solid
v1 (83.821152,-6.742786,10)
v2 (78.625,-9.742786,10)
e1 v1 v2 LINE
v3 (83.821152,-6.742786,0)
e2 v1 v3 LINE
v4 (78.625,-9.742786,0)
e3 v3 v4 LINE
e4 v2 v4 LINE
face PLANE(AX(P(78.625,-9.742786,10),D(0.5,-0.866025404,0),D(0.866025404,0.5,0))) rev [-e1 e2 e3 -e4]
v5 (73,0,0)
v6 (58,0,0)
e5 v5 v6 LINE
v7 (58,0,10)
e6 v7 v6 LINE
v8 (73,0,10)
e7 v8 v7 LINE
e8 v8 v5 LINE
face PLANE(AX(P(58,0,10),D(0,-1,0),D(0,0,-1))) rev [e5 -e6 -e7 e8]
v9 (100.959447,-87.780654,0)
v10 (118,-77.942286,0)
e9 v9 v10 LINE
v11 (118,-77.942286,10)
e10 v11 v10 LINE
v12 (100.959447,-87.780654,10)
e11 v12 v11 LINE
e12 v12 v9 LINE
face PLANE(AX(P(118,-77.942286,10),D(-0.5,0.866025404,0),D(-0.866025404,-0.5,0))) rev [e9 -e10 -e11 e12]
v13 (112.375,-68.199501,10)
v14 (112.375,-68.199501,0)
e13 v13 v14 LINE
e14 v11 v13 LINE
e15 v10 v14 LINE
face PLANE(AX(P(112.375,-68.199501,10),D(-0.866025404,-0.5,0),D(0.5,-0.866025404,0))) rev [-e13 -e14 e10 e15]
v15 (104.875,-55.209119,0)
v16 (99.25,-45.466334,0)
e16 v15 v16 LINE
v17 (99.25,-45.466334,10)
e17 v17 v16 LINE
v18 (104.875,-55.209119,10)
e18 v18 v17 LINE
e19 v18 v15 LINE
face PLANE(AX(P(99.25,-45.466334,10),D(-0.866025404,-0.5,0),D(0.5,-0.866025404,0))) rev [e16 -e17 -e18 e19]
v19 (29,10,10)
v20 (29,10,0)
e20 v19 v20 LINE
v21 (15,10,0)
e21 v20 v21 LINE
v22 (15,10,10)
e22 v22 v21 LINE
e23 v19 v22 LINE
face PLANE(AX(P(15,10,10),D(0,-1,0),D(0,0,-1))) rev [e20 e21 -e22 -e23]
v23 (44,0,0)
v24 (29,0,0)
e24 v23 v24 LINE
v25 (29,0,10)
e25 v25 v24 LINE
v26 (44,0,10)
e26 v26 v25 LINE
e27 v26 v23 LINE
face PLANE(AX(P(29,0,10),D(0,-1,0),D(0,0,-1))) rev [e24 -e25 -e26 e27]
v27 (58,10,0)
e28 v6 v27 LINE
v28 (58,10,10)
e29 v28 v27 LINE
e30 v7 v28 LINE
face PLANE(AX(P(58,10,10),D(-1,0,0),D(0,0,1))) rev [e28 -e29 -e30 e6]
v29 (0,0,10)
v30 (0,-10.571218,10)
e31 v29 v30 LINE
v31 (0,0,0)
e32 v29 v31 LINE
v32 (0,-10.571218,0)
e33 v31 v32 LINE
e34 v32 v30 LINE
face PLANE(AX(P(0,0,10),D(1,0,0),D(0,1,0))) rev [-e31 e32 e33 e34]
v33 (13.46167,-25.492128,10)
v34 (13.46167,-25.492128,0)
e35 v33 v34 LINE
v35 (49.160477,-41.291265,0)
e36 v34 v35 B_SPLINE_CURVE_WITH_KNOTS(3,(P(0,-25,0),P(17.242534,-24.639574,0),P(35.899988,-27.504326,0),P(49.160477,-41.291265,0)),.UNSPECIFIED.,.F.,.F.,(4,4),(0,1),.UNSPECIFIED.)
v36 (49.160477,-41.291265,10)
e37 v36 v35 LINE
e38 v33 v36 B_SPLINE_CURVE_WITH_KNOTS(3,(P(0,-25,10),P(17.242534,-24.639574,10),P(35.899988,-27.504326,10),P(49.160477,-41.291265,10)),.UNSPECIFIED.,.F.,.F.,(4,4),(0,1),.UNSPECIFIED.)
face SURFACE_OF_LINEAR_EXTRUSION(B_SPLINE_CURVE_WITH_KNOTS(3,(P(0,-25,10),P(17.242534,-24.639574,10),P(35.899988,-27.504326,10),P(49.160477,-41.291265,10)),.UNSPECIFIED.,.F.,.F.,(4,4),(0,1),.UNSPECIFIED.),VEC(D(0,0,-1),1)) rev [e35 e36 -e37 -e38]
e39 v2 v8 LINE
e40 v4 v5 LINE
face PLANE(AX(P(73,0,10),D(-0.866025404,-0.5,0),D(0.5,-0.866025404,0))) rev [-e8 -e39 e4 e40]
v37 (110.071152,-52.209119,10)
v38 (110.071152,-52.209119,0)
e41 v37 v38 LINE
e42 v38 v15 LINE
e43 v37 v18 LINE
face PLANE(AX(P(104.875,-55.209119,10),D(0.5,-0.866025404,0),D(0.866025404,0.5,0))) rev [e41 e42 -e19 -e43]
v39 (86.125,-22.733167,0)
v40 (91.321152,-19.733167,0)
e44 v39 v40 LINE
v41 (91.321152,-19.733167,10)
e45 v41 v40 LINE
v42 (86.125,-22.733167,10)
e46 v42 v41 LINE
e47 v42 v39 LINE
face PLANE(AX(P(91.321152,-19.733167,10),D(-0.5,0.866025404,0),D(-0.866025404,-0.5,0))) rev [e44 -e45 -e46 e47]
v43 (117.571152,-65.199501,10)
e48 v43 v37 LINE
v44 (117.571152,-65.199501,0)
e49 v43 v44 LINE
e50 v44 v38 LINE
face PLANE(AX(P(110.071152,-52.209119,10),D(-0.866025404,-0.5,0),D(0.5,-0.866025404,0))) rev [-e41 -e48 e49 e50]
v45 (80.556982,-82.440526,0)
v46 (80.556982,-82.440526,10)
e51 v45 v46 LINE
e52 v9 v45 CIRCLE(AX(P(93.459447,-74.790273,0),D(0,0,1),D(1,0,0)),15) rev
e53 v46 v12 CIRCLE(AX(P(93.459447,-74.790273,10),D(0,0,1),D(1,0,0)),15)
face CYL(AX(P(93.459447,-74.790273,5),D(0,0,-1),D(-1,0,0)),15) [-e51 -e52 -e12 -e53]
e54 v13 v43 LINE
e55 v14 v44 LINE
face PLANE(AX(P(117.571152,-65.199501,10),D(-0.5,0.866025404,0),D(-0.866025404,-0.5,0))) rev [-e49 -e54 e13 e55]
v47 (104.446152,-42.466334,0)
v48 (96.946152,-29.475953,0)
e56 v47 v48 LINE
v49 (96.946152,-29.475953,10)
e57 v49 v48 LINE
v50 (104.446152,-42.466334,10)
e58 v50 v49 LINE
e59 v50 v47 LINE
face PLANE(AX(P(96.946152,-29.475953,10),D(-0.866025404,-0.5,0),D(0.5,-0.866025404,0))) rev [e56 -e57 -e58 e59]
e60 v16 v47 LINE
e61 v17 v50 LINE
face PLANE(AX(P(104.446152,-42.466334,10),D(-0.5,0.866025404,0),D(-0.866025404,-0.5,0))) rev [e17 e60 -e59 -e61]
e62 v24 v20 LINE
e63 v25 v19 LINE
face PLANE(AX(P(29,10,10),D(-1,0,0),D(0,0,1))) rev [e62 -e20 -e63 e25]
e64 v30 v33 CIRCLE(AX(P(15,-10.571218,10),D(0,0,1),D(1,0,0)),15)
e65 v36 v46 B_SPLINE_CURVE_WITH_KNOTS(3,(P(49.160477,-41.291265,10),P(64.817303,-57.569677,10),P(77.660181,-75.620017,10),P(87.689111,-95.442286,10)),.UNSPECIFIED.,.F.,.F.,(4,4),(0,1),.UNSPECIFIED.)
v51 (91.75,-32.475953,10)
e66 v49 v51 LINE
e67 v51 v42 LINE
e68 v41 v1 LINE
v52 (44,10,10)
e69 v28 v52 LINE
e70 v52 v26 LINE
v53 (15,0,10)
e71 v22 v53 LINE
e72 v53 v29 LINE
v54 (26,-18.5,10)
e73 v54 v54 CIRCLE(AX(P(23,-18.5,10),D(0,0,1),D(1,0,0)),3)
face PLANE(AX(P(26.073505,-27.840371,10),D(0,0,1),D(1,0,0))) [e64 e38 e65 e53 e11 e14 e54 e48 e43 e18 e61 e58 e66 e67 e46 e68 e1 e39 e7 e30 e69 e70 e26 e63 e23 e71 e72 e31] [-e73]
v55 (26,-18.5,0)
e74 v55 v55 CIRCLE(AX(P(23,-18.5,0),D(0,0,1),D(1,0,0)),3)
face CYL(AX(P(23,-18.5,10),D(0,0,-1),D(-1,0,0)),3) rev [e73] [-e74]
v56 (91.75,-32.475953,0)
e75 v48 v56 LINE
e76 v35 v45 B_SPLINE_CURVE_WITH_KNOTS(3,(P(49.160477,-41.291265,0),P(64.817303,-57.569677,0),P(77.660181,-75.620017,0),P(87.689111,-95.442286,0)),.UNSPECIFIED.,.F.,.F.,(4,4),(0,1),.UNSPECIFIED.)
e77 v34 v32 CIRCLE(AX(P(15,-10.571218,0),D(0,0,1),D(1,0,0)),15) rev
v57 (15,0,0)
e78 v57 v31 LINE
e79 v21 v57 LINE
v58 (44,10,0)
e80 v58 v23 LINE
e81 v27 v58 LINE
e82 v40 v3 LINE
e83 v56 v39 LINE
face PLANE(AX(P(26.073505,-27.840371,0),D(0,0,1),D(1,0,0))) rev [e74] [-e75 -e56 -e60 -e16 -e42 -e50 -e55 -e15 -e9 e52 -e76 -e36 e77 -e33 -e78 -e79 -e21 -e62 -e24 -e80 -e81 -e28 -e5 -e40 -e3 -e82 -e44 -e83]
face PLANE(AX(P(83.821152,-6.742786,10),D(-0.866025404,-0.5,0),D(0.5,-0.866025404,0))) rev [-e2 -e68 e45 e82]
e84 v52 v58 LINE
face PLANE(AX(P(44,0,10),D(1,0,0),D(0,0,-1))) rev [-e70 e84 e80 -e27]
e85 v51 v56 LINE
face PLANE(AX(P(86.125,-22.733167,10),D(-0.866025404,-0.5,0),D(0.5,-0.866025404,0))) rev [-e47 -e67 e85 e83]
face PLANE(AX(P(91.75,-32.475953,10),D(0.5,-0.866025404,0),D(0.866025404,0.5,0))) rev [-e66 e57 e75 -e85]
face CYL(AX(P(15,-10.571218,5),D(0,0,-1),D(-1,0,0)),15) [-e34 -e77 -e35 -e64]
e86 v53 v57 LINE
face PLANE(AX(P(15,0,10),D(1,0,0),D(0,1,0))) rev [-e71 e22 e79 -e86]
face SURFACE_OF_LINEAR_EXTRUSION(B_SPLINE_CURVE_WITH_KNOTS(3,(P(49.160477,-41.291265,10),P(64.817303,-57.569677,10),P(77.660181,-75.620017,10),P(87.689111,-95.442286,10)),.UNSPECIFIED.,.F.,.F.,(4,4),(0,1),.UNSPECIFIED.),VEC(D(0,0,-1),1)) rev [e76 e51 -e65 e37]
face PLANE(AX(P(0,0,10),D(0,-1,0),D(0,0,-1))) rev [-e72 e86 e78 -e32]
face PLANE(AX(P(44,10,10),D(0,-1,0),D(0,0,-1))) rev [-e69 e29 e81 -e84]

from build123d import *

# Parameters (mm, degrees)
SKETCH1_R           = 3
BOSS_EXTRUDE1_DEPTH = 10
FILLET1_R           = 15


with BuildPart() as part:
    # Sketch1 → Boss-Extrude1 (new body)
    with BuildSketch(Plane.XY):
        with BuildLine():
            Line((0, 0), (15, 0))
            Line((15, 0), (15, 10))
            Line((15, 10), (29, 10))
            Line((29, 10), (29, 0))
            Line((29, 0), (44, 0))
            Line((44, 0), (44, 10))
            Line((44, 10), (58, 10))
            Line((58, 10), (58, 0))
            Line((58, 0), (73, 0))
            Line((73, 0), (78.625, -9.742785793))
            Line((78.625, -9.742785793), (83.821152423, -6.742785793))
            Line((83.821152423, -6.742785793), (91.321152423, -19.733166849))
            Line((91.321152423, -19.733166849), (86.125, -22.733166849))
            Line((86.125, -22.733166849), (91.75, -32.475952642))
            Line((91.75, -32.475952642), (96.946152423, -29.475952642))
            Line((96.946152423, -29.475952642), (104.446152423, -42.466333699))
            Line((104.446152423, -42.466333699), (99.25, -45.466333699))
            Line((99.25, -45.466333699), (104.875, -55.209119491))
            Line((104.875, -55.209119491), (110.071152423, -52.209119491))
            Line((110.071152423, -52.209119491), (117.571152423, -65.199500548))
            Line((117.571152423, -65.199500548), (112.375, -68.199500548))
            Line((112.375, -68.199500548), (118, -77.942286341))
            Line((118, -77.942286341), (87.689110868, -95.442286341))
            add(Edge.make_bspline(
                [(87.689110868, -95.442286341), (77.660181341, -75.620017272), (64.817303381, -57.569676854), (49.160476986, -41.291265088)],
                knots=[0, 0, 0, 0, 1, 1, 1, 1], degree=3))
            add(Edge.make_bspline(
                [(0, -25), (17.242534467, -24.639573707), (35.899987596, -27.504326339), (49.160476986, -41.291265088)],
                knots=[0, 0, 0, 0, 1, 1, 1, 1], degree=3))
            Line((0, -25), (0, 0))
        make_face()
        with Locations((23, -18.5)):
            Circle(SKETCH1_R, mode=Mode.SUBTRACT)
    extrude(amount=BOSS_EXTRUDE1_DEPTH)

    # Fillet1
    fillet1_edges = [part.edges().sort_by_distance(p)[0] for p in [
        (87.689110868, -95.442286341, 5),
        (0, -25, 5),
    ]]
    fillet(fillet1_edges, radius=FILLET1_R)


solid = part.part
